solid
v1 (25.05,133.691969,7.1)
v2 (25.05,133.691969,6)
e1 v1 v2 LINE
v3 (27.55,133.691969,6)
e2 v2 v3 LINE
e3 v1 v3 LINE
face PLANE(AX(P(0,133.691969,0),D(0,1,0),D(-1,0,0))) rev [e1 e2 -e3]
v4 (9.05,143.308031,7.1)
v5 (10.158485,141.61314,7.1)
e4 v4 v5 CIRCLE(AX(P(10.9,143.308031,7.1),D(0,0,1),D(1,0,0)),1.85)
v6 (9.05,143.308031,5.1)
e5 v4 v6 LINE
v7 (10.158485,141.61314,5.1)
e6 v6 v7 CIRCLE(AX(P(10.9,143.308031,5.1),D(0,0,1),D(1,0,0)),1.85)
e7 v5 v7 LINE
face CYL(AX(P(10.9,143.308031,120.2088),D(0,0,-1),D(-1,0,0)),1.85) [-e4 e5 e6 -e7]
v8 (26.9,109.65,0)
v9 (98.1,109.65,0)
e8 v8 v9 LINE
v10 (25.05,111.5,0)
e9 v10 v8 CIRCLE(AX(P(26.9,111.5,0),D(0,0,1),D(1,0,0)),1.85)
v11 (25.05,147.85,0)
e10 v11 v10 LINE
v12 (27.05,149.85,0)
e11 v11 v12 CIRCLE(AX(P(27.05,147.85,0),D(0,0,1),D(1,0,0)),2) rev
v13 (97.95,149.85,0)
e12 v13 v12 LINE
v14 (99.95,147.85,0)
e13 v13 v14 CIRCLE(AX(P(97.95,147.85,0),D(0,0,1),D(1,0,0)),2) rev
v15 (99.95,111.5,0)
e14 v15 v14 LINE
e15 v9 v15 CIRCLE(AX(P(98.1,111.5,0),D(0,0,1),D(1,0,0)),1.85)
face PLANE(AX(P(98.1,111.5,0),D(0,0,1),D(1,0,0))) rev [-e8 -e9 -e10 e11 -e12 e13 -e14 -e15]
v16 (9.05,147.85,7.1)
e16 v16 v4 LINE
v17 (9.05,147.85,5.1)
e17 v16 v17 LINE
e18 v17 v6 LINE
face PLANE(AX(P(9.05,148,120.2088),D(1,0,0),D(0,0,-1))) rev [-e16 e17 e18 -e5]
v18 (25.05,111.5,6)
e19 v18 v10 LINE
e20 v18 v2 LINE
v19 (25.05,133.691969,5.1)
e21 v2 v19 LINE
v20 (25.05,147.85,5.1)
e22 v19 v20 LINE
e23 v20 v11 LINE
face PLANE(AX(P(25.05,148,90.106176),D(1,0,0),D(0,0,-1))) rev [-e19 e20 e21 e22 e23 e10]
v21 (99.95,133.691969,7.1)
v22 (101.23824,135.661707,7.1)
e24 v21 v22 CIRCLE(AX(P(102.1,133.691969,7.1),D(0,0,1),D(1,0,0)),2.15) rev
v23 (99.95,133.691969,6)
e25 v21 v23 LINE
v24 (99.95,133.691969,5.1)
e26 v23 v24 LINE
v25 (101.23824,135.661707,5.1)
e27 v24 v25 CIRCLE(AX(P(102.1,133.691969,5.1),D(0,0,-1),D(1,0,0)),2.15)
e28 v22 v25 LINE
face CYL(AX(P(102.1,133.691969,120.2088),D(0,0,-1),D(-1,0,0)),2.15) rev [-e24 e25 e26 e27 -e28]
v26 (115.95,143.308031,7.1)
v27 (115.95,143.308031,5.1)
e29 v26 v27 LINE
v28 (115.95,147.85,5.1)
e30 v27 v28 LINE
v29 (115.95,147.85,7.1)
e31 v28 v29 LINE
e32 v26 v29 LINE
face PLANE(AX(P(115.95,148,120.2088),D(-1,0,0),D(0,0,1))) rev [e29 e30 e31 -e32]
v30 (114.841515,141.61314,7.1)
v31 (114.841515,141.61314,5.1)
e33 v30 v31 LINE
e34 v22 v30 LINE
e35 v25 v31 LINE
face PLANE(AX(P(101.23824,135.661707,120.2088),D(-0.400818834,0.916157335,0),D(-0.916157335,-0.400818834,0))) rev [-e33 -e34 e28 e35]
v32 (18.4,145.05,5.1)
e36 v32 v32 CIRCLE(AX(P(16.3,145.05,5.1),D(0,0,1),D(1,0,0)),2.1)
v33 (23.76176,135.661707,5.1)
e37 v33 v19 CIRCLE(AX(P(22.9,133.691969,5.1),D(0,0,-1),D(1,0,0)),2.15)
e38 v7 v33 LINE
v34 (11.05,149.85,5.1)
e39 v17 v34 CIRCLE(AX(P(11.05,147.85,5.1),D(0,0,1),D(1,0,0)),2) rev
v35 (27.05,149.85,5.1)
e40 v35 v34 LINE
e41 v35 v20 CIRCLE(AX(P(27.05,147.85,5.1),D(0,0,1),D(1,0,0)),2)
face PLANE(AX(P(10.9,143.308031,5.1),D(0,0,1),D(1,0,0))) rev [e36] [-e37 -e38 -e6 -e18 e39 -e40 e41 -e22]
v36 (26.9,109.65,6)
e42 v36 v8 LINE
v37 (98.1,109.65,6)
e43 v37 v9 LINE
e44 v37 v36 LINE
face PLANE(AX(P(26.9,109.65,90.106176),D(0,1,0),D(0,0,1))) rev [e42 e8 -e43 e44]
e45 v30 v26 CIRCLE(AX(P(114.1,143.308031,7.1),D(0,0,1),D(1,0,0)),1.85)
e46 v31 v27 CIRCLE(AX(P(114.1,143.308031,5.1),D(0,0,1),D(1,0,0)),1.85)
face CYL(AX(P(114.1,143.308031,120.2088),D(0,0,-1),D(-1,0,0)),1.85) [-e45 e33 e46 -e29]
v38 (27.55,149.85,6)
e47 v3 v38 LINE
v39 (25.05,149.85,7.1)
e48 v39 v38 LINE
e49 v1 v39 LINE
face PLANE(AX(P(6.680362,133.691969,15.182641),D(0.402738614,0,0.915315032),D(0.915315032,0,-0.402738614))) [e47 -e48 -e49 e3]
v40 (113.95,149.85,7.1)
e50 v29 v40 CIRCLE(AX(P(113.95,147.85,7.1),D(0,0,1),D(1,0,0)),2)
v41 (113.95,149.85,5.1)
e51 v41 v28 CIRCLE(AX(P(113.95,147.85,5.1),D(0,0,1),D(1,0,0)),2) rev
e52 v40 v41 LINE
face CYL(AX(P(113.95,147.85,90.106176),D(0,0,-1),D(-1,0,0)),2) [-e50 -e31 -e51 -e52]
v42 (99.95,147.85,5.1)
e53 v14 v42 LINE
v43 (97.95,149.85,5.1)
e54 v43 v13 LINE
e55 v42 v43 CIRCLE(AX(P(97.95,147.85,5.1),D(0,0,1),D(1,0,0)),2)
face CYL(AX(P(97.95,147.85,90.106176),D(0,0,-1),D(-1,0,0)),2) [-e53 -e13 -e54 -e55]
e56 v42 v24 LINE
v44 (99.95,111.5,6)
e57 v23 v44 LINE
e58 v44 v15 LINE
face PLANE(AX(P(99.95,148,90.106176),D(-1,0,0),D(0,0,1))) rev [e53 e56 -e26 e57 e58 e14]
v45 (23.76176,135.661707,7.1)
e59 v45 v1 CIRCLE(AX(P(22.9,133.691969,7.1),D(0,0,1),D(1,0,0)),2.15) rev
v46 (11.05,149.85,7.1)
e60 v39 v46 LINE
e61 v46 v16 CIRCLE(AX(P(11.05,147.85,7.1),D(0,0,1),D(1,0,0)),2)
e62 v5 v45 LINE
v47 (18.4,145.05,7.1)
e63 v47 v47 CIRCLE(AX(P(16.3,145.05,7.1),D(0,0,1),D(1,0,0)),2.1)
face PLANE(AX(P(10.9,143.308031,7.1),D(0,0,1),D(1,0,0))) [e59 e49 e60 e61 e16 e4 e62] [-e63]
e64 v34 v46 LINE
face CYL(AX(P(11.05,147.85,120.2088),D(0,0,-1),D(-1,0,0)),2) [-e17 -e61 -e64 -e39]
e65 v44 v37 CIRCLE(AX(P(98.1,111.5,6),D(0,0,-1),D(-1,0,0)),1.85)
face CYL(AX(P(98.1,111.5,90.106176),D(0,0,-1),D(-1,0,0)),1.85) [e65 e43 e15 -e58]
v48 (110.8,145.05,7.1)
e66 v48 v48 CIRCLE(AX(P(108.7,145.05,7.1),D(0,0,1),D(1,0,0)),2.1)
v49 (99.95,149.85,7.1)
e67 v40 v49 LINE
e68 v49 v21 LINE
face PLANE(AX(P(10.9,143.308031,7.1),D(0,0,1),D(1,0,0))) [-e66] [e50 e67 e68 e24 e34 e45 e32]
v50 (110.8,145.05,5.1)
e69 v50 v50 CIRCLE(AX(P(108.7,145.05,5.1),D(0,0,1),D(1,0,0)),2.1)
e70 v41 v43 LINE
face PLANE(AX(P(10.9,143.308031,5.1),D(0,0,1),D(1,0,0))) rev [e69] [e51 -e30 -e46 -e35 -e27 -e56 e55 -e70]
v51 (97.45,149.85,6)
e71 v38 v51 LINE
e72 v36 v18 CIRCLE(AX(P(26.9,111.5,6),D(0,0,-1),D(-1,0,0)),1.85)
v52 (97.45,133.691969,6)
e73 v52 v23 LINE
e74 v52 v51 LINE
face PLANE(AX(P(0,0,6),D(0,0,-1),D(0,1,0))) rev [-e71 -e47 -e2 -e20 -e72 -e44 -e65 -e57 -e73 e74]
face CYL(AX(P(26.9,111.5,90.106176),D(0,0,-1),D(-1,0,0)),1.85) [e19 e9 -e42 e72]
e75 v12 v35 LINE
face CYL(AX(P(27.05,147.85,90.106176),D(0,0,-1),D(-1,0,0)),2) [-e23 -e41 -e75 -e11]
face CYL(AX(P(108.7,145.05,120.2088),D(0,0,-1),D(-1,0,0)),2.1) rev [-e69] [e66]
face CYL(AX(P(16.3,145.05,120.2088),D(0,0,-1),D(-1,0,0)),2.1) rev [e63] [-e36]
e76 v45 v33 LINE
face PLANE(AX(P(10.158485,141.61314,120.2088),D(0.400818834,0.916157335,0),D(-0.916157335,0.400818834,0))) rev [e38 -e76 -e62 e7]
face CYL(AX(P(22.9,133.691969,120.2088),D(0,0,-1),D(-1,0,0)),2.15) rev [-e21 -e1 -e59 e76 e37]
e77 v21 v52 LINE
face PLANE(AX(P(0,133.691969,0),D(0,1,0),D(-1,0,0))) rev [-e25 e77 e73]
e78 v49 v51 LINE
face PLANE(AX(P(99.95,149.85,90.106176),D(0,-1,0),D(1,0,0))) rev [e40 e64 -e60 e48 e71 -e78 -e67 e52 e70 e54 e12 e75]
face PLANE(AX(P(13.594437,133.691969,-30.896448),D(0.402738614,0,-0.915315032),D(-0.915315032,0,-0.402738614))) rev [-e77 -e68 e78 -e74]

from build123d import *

# Parameters (mm, degrees)
BOSS_EXTRUDE1_DEPTH = 5.1
SKETCH2_R           = 2.1
BOSS_EXTRUDE2_DEPTH = 0.9
FILLET1_R           = 2
SKETCH3_R           = 2.1
BOSS_EXTRUDE3_DEPTH = 1.1
BOSS_EXTRUDE4_DEPTH = 16.158031


with BuildPart() as part:
    # Sketch1 → Boss-Extrude1 (new body)
    with BuildSketch(Plane.XY):
        with BuildLine():
            Line((99.95, 149.85), (25.05, 149.85))
            Line((25.05, 149.85), (25.05, 148))
            Line((25.05, 148), (25.05, 111.5))
            ThreePointArc((25.05, 111.5), (25.591852455, 110.191852455), (26.9, 109.65))
            Line((26.9, 109.65), (98.1, 109.65))
            ThreePointArc((98.1, 109.65), (99.408147545, 110.191852455), (99.95, 111.5))
            Line((99.95, 111.5), (99.95, 148))
            Line((99.95, 148), (99.95, 149.85))
        make_face()
    extrude(amount=BOSS_EXTRUDE1_DEPTH)

    # Sketch2 → Boss-Extrude2 (add)
    with BuildSketch(Plane.XY.offset(5.1)):
        with BuildLine():
            Line((102.1, 149.85), (22.9, 149.85))
            Line((22.9, 149.85), (9.05, 149.85))
            Line((9.05, 149.85), (9.05, 148))
            Line((9.05, 148), (9.05, 143.30803115))
            ThreePointArc((9.05, 143.30803115), (9.351726371, 142.295436082), (10.158485157, 141.61314008))
            Line((10.158485157, 141.61314008), (23.761760493, 135.66170712))
            ThreePointArc((23.761760493, 135.66170712), (24.699345028, 134.868768523), (25.05, 133.69196885))
            Line((25.05, 133.69196885), (25.05, 111.5))
            ThreePointArc((25.05, 111.5), (25.591852455, 110.191852455), (26.9, 109.65))
            Line((26.9, 109.65), (98.1, 109.65))
            ThreePointArc((98.1, 109.65), (99.408147545, 110.191852455), (99.95, 111.5))
            Line((99.95, 111.5), (99.95, 133.69196885))
            ThreePointArc((99.95, 133.69196885), (100.300654972, 134.868768523), (101.238239507, 135.66170712))
            Line((101.238239507, 135.66170712), (114.841514843, 141.61314008))
            ThreePointArc((114.841514843, 141.61314008), (115.648273629, 142.295436082), (115.95, 143.30803115))
            Line((115.95, 143.30803115), (115.95, 148))
            Line((115.95, 148), (115.95, 149.85))
            Line((115.95, 149.85), (102.1, 149.85))
        make_face()
        with Locations((16.3, 145.05)):
            Circle(SKETCH2_R, mode=Mode.SUBTRACT)
        with Locations((108.7, 145.05)):
            Circle(SKETCH2_R, mode=Mode.SUBTRACT)
    extrude(amount=BOSS_EXTRUDE2_DEPTH)

    # Fillet1
    fillet1_edges = [part.edges().sort_by_distance(p)[0] for p in [
        (25.05, 149.85, 2.55),
        (99.95, 149.85, 2.55),
        (115.95, 149.85, 5.55),
        (9.05, 149.85, 5.55),
    ]]
    fillet(fillet1_edges, radius=FILLET1_R)

    # Sketch3 → Boss-Extrude3 (add)
    with BuildSketch(Plane.XY.offset(6)):
        with BuildLine():
            Line((99.95, 133.69196885), (99.95, 149.85))
            Line((99.95, 149.85), (113.95, 149.85))
            ThreePointArc((113.95, 149.85), (115.364213562, 149.264213562), (115.95, 147.85))
            Line((115.95, 147.85), (115.95, 143.30803115))
            ThreePointArc((115.95, 143.30803115), (115.648273629, 142.295436082), (114.841514843, 141.61314008))
            Line((114.841514843, 141.61314008), (101.238239507, 135.66170712))
            ThreePointArc((101.238239507, 135.66170712), (100.300654972, 134.868768523), (99.95, 133.69196885))
        make_face()
        with Locations((108.7, 145.05)):
            Circle(SKETCH3_R, mode=Mode.SUBTRACT)
        with BuildLine():
            Line((11.05, 149.85), (25.05, 149.85))
            Line((25.05, 149.85), (25.05, 133.69196885))
            ThreePointArc((25.05, 133.69196885), (24.699345028, 134.868768523), (23.761760493, 135.66170712))
            Line((23.761760493, 135.66170712), (10.158485157, 141.61314008))
            ThreePointArc((10.158485157, 141.61314008), (9.351726371, 142.295436082), (9.05, 143.30803115))
            Line((9.05, 143.30803115), (9.05, 147.85))
            ThreePointArc((9.05, 147.85), (9.635786438, 149.264213562), (11.05, 149.85))
        make_face()
        with Locations((16.3, 145.05)):
            Circle(SKETCH3_R, mode=Mode.SUBTRACT)
    extrude(amount=BOSS_EXTRUDE3_DEPTH)

    # Sketch4 → Boss-Extrude4 (add)
    with BuildSketch(Plane(origin=(0, 149.85, 0), x_dir=(1, 0, 0), z_dir=(0, 1, 0))):
        Polygon((25.05, -7.1), (27.55, -6), (25.05, -6), align=None)
        Polygon((97.45, -6), (99.95, -7.1), (99.95, -6), align=None)
    extrude(amount=-BOSS_EXTRUDE4_DEPTH)


solid = part.part
